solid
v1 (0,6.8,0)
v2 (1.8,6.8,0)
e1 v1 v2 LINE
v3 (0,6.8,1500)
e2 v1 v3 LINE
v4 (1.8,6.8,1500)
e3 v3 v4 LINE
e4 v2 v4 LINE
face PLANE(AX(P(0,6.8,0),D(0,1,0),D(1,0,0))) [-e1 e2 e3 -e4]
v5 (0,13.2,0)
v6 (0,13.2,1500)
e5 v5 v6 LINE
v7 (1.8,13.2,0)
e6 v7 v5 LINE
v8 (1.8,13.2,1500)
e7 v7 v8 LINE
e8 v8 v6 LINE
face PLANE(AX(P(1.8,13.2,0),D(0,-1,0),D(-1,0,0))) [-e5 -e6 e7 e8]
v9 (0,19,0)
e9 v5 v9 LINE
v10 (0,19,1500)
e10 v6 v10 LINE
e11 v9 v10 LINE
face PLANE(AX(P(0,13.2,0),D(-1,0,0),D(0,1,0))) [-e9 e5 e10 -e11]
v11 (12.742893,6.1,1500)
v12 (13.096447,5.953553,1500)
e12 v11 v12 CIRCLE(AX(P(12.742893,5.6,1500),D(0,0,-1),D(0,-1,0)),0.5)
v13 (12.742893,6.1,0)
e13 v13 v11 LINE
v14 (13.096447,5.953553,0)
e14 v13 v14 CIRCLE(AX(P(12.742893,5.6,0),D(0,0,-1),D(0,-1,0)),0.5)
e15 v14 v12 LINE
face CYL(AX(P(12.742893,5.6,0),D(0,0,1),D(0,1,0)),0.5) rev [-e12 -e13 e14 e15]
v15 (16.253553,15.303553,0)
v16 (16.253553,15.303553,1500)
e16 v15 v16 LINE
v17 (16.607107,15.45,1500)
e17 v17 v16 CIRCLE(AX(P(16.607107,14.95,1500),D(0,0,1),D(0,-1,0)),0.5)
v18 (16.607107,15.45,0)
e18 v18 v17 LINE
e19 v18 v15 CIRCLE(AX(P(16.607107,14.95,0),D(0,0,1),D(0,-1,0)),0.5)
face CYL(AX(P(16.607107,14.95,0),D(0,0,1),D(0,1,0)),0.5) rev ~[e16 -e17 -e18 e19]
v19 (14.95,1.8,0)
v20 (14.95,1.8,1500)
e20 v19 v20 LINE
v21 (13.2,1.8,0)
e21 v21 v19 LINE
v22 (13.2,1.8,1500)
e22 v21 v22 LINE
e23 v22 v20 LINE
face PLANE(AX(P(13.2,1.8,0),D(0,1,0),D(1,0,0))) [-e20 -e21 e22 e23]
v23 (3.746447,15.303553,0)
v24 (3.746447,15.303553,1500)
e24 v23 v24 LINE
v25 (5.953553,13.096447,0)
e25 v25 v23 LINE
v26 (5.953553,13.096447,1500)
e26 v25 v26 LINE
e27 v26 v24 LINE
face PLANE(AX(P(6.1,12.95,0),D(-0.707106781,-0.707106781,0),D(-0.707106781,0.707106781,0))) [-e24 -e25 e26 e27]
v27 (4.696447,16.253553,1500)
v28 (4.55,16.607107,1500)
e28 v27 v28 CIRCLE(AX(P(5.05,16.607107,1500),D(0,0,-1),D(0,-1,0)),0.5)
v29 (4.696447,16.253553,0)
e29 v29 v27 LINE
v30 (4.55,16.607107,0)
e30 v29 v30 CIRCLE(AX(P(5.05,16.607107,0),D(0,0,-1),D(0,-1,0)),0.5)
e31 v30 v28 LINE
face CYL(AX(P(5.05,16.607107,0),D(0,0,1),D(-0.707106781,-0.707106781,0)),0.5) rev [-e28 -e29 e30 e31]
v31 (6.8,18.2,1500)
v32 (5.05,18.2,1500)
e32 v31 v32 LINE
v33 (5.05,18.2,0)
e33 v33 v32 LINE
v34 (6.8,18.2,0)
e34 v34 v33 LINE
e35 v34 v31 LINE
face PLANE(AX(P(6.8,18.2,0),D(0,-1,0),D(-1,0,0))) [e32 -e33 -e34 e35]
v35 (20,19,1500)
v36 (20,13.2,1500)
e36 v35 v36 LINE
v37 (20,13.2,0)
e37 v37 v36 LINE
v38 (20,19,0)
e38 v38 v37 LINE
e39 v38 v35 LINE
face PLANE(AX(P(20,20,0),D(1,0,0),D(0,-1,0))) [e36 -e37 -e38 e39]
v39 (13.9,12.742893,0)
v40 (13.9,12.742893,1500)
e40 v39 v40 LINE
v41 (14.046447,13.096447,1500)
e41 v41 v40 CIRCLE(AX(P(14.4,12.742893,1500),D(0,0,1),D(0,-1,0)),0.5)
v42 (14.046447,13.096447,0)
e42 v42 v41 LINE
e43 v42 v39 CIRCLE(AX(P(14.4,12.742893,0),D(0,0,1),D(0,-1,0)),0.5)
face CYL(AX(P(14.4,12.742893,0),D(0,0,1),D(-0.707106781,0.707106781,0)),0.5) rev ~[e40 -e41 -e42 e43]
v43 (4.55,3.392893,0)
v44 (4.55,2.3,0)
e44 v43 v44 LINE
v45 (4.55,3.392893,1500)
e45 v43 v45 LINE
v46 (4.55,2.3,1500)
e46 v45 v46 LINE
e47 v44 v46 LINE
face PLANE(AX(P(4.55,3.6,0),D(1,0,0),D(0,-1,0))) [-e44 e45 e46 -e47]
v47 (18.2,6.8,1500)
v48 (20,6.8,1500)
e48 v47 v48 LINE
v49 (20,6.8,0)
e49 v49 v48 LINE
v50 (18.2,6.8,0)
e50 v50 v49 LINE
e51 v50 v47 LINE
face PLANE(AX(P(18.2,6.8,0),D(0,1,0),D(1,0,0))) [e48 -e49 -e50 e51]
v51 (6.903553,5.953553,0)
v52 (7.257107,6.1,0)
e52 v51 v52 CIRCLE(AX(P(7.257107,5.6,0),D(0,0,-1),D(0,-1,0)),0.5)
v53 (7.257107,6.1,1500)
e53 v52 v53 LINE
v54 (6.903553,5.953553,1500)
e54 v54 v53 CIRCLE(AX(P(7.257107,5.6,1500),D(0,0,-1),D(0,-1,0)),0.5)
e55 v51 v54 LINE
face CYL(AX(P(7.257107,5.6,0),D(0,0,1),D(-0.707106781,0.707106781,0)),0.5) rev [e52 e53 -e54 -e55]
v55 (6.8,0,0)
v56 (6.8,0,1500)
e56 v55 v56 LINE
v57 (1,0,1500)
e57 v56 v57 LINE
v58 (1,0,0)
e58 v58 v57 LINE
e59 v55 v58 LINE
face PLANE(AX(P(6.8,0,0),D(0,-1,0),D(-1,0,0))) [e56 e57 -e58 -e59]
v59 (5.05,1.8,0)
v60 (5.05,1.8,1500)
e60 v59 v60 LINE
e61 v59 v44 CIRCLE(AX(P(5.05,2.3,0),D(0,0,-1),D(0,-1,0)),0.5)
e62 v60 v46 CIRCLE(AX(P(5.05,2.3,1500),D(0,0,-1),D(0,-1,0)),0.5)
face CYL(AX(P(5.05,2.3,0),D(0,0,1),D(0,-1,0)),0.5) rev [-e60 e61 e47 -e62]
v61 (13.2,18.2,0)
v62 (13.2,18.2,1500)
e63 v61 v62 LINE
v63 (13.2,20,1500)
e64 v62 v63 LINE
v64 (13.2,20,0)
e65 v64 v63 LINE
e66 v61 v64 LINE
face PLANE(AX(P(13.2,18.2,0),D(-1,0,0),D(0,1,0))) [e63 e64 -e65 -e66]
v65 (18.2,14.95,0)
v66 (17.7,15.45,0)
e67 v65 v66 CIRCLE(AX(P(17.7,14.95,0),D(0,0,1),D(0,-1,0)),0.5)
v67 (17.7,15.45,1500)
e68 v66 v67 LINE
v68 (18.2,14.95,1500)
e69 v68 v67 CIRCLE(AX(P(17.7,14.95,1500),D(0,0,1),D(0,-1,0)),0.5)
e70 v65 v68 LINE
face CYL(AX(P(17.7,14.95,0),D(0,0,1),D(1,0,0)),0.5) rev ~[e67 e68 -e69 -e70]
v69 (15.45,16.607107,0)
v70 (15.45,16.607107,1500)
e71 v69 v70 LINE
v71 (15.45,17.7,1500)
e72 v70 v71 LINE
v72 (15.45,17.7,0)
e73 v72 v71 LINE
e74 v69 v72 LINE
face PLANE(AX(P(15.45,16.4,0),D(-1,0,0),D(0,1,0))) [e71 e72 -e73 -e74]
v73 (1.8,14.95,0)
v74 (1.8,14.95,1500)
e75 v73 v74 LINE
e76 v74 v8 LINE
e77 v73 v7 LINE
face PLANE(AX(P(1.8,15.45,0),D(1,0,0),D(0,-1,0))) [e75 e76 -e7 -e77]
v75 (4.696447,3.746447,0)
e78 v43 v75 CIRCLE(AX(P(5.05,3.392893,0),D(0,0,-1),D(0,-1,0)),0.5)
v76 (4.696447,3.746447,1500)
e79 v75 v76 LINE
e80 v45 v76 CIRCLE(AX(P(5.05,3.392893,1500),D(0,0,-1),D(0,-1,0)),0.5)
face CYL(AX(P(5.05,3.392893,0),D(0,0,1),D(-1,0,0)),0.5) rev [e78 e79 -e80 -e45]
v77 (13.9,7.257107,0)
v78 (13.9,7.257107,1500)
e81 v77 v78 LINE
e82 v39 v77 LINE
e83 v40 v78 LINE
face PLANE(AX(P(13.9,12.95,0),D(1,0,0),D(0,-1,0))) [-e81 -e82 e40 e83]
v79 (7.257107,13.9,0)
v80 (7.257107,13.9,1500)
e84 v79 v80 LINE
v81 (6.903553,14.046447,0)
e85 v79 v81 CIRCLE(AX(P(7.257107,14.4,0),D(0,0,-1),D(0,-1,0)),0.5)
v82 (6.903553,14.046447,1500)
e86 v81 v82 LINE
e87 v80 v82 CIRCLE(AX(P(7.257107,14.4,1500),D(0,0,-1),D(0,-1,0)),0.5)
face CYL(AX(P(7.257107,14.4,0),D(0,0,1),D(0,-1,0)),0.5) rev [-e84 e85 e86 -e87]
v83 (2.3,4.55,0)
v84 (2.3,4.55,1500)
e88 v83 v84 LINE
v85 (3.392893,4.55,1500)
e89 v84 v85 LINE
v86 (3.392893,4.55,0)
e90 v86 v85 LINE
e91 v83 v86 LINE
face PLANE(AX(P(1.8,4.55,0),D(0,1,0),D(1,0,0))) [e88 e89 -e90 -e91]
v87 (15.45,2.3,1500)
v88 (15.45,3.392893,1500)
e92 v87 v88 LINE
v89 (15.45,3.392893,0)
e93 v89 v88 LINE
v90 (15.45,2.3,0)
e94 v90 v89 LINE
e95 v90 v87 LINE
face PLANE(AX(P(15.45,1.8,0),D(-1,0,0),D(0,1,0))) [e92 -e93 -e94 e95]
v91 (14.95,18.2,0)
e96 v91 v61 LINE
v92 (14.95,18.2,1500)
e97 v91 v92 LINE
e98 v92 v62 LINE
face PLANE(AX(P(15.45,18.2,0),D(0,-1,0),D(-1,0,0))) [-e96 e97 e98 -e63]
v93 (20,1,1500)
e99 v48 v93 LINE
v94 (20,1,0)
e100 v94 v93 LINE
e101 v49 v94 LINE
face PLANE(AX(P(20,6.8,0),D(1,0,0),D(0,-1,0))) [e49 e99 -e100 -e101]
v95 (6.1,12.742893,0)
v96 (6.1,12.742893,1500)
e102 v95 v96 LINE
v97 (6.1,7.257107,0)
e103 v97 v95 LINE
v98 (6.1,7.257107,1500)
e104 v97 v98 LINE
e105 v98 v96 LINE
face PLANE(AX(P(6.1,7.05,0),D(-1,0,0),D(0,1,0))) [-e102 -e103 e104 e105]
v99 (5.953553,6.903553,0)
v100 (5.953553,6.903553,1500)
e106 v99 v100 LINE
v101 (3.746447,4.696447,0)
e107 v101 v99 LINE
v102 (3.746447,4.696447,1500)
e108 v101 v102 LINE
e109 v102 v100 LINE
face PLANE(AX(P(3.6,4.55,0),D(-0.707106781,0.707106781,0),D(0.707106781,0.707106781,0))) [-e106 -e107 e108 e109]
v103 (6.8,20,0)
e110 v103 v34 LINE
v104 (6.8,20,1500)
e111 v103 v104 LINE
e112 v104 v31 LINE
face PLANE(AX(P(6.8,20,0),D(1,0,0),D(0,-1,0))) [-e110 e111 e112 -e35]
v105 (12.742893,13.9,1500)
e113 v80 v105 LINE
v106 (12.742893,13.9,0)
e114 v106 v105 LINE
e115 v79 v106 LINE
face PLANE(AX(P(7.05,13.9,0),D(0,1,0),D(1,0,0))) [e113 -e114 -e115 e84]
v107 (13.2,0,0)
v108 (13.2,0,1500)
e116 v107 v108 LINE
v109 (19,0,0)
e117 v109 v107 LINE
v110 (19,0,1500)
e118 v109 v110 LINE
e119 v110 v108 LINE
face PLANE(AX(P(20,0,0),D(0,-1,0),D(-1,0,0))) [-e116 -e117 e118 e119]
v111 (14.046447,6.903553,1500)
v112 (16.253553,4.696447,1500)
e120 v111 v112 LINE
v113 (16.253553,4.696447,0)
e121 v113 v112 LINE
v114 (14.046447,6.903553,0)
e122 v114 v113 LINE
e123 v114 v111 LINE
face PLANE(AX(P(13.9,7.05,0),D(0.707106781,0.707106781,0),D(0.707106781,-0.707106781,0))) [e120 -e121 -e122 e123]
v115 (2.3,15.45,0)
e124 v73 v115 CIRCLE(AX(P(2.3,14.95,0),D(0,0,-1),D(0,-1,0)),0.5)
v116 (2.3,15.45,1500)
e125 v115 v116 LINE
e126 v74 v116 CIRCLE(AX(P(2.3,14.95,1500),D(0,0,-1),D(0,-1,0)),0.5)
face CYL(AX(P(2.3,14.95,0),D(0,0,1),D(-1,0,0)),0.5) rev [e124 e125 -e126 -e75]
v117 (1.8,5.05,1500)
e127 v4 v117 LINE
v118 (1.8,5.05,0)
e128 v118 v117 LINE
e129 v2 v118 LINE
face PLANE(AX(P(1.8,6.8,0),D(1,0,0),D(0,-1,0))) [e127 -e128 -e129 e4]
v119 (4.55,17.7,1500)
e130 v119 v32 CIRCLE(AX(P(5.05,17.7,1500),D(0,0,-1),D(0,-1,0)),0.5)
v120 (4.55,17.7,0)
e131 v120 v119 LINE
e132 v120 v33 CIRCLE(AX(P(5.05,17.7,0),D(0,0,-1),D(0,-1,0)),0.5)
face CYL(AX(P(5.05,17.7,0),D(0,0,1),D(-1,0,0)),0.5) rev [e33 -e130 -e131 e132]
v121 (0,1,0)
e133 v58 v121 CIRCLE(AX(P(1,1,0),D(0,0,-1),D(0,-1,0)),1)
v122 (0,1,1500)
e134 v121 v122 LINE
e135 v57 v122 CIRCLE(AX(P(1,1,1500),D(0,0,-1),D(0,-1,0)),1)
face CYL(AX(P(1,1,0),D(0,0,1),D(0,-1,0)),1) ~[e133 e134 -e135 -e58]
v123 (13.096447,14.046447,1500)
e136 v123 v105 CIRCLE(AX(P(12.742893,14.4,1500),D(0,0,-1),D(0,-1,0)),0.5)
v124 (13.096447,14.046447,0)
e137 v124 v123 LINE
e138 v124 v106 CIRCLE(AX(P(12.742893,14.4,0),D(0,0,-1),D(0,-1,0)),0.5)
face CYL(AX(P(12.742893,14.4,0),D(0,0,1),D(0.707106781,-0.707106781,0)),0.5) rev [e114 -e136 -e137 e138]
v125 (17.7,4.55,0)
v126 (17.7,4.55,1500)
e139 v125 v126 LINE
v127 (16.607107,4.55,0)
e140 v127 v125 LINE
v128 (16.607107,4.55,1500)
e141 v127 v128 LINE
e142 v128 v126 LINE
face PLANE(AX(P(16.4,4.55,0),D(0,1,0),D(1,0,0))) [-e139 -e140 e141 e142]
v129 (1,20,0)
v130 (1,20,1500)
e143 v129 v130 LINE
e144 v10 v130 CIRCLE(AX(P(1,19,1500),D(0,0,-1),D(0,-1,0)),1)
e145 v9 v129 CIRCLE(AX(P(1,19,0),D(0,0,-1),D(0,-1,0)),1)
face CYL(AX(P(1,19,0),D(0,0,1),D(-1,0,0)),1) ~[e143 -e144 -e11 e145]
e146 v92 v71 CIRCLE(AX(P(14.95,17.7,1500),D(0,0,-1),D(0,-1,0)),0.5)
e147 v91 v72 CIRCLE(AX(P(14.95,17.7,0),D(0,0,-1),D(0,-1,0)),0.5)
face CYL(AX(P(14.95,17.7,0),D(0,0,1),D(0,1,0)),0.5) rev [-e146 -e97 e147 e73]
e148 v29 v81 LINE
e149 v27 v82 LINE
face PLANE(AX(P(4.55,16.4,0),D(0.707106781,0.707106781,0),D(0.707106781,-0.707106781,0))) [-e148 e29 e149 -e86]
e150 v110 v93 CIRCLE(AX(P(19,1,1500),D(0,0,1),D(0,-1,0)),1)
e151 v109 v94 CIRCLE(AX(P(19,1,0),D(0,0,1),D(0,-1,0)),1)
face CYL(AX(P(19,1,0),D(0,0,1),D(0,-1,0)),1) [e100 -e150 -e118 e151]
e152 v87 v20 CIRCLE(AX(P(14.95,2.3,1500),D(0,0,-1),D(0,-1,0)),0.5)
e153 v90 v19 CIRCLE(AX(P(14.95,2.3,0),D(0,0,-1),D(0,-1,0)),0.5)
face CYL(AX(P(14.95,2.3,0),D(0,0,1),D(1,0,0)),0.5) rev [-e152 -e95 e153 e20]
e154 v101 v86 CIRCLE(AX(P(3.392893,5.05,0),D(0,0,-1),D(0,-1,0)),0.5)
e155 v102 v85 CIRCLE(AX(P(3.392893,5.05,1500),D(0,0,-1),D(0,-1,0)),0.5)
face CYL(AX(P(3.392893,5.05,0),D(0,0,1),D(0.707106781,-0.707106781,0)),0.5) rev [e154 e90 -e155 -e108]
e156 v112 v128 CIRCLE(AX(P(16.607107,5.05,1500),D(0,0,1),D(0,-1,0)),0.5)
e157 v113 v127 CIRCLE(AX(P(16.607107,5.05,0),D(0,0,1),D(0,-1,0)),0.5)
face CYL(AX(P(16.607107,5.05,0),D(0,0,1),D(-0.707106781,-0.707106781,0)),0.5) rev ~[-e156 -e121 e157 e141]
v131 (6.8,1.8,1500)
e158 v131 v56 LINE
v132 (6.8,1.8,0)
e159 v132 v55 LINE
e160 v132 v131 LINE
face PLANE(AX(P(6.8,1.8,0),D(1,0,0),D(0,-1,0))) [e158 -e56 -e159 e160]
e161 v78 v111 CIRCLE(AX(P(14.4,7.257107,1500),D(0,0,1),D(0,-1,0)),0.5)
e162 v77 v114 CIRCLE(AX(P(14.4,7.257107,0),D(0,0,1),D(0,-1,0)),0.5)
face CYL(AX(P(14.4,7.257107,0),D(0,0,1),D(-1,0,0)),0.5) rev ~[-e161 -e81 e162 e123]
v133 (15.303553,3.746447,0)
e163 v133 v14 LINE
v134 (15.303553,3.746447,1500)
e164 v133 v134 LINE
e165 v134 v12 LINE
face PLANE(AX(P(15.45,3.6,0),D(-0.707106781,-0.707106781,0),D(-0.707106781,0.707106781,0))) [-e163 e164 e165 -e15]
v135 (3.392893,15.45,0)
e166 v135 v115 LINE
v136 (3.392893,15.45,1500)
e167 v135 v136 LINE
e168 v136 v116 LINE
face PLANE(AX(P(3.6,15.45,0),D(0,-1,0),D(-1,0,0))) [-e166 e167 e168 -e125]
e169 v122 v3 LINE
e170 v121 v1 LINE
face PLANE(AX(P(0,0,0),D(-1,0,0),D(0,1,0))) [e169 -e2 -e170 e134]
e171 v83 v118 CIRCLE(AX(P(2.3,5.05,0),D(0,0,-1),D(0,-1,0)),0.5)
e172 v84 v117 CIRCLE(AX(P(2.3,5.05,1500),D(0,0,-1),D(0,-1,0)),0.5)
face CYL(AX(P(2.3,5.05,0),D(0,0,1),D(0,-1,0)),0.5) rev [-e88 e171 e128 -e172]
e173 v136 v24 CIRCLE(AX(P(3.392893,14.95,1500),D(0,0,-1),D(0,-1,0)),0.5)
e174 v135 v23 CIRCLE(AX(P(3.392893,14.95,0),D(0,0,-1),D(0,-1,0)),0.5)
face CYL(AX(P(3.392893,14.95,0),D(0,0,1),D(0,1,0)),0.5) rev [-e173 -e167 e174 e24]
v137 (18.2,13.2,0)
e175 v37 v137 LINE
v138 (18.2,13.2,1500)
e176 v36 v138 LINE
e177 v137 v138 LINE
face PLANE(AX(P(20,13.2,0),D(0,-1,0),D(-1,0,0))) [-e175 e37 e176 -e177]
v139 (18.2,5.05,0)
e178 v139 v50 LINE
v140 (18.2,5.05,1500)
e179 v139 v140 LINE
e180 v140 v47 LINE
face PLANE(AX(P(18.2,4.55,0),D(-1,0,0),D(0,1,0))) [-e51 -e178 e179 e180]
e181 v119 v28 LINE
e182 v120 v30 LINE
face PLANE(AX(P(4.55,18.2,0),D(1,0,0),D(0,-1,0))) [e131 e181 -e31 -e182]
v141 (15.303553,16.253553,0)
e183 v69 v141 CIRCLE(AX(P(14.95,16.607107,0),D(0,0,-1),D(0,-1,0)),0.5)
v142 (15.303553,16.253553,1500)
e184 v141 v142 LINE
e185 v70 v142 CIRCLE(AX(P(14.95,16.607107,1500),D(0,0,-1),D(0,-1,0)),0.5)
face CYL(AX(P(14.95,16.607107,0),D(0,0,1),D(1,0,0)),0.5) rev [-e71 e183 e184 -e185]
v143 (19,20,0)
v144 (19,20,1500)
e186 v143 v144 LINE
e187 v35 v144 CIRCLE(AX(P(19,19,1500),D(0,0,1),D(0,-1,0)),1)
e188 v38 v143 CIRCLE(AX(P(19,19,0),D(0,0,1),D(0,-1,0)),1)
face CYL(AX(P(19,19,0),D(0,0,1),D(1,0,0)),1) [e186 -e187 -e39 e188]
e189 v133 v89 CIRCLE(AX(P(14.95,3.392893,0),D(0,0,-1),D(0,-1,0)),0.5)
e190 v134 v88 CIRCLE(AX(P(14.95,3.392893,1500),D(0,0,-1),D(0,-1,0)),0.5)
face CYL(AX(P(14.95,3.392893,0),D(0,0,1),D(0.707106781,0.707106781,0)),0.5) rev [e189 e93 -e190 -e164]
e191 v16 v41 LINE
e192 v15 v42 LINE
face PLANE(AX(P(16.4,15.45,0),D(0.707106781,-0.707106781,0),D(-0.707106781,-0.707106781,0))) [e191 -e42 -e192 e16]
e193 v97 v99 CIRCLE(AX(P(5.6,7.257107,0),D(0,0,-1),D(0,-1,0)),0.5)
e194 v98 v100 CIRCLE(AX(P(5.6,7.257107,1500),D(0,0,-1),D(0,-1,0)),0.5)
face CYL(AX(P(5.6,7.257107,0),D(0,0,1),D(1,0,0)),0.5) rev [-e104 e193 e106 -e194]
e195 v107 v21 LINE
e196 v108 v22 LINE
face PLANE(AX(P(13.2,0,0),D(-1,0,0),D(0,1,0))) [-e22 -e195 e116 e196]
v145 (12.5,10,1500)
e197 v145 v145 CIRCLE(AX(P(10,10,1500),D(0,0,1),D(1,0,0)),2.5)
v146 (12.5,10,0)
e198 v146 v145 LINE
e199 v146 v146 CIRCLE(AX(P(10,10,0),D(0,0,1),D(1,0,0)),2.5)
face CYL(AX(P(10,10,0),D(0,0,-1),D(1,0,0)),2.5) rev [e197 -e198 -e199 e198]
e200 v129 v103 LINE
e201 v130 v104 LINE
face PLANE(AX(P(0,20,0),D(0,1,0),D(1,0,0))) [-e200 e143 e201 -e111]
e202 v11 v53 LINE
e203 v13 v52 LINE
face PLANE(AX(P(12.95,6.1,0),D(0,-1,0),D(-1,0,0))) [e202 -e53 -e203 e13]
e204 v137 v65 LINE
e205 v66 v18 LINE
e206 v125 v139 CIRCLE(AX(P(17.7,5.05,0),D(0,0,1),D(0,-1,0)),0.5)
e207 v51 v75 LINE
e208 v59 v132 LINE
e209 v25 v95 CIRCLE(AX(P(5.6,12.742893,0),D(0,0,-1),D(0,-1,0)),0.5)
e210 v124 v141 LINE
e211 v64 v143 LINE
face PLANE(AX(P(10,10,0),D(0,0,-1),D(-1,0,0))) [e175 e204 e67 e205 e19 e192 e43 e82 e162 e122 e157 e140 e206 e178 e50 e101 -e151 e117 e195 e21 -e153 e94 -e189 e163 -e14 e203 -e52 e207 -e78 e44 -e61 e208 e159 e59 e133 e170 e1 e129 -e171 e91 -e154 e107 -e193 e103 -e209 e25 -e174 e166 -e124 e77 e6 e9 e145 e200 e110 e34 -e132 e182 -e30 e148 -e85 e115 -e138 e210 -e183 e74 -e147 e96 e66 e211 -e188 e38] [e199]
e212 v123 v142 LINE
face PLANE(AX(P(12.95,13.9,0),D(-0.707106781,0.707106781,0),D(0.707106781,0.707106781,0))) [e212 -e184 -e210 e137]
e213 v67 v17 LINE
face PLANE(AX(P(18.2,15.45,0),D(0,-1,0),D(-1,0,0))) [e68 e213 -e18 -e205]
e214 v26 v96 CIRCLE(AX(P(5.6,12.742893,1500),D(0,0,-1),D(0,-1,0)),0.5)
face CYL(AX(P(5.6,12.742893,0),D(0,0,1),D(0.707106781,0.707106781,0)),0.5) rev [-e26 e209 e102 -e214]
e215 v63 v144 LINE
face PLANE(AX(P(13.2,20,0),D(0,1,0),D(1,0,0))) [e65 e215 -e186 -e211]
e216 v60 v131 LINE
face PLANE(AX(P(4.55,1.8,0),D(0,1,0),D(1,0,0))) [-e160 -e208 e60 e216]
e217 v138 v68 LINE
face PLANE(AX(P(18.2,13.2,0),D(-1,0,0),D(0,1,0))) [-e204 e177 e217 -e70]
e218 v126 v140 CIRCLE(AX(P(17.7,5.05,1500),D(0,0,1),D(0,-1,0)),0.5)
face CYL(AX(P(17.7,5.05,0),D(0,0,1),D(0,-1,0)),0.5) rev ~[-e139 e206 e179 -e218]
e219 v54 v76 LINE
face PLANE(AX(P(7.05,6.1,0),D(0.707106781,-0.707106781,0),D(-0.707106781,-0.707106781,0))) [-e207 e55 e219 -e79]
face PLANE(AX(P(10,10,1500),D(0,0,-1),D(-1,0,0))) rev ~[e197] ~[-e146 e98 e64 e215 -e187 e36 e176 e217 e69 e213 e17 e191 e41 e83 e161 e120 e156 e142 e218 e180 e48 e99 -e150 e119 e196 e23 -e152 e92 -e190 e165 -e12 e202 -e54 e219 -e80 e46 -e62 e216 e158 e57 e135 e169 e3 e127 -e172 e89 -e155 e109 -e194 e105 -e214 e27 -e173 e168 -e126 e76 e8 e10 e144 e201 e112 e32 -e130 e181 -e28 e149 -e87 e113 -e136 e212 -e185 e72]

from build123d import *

# Parameters (mm, degrees)
SKETCH1_R           = 2.5
BOSS_EXTRUDE1_DEPTH = 1500
FILLET1_R           = 1
FILLET2_R           = 0.5
FILLET3_R           = 0.5
FILLET4_R           = 0.5
FILLET5_R           = 0.5


with BuildPart() as part:
    # Sketch1 → Boss-Extrude1 (new body)
    with BuildSketch(Plane.XY):
        Polygon((13.2, 0), (13.2, 1.8), (15.45, 1.8), (15.45, 3.6), (12.95, 6.1), (7.05, 6.1), (4.55, 3.6), (4.55, 1.8), (6.8, 1.8), (6.8, 0), (0, 0), (0, 6.8), (1.8, 6.8), (1.8, 4.55), (3.6, 4.55), (6.1, 7.05), (6.1, 12.95), (3.6, 15.45), (1.8, 15.45), (1.8, 13.2), (0, 13.2), (0, 20), (6.8, 20), (6.8, 18.2), (4.55, 18.2), (4.55, 16.4), (7.05, 13.9), (12.95, 13.9), (15.45, 16.4), (15.45, 18.2), (13.2, 18.2), (13.2, 20), (20, 20), (20, 13.2), (18.2, 13.2), (18.2, 15.45), (16.4, 15.45), (13.9, 12.95), (13.9, 7.05), (16.4, 4.55), (18.2, 4.55), (18.2, 6.8), (20, 6.8), (20, 0), align=None)
        with Locations((10, 10)):
            Circle(SKETCH1_R, mode=Mode.SUBTRACT)
    extrude(amount=BOSS_EXTRUDE1_DEPTH)

    # Fillet1
    fillet1_edges = [part.edges().sort_by_distance(p)[0] for p in [
        (0, 0, 750),
        (0, 20, 750),
        (20, 20, 750),
        (20, 0, 750),
    ]]
    fillet(fillet1_edges, radius=FILLET1_R)

    # Fillet2
    fillet2_edges = [part.edges().sort_by_distance(p)[0] for p in [
        (4.55, 18.2, 750),
        (4.55, 16.4, 750),
        (7.05, 13.9, 750),
        (12.95, 13.9, 750),
        (15.45, 16.4, 750),
        (15.45, 18.2, 750),
    ]]
    fillet(fillet2_edges, radius=FILLET2_R)

    # Fillet3
    fillet3_edges = [part.edges().sort_by_distance(p)[0] for p in [
        (18.2, 15.45, 750),
        (16.4, 15.45, 750),
        (13.9, 12.95, 750),
        (13.9, 7.05, 750),
        (16.4, 4.55, 750),
        (18.2, 4.55, 750),
    ]]
    fillet(fillet3_edges, radius=FILLET3_R)

    # Fillet4
    fillet4_edges = [part.edges().sort_by_distance(p)[0] for p in [
        (1.8, 4.55, 750),
        (3.6, 4.55, 750),
        (6.1, 7.05, 750),
        (6.1, 12.95, 750),
        (3.6, 15.45, 750),
        (1.8, 15.45, 750),
    ]]
    fillet(fillet4_edges, radius=FILLET4_R)

    # Fillet5
    fillet5_edges = [part.edges().sort_by_distance(p)[0] for p in [
        (15.45, 1.8, 750),
        (15.45, 3.6, 750),
        (12.95, 6.1, 750),
        (7.05, 6.1, 750),
        (4.55, 3.6, 750),
        (4.55, 1.8, 750),
    ]]
    fillet(fillet5_edges, radius=FILLET5_R)


solid = part.part
